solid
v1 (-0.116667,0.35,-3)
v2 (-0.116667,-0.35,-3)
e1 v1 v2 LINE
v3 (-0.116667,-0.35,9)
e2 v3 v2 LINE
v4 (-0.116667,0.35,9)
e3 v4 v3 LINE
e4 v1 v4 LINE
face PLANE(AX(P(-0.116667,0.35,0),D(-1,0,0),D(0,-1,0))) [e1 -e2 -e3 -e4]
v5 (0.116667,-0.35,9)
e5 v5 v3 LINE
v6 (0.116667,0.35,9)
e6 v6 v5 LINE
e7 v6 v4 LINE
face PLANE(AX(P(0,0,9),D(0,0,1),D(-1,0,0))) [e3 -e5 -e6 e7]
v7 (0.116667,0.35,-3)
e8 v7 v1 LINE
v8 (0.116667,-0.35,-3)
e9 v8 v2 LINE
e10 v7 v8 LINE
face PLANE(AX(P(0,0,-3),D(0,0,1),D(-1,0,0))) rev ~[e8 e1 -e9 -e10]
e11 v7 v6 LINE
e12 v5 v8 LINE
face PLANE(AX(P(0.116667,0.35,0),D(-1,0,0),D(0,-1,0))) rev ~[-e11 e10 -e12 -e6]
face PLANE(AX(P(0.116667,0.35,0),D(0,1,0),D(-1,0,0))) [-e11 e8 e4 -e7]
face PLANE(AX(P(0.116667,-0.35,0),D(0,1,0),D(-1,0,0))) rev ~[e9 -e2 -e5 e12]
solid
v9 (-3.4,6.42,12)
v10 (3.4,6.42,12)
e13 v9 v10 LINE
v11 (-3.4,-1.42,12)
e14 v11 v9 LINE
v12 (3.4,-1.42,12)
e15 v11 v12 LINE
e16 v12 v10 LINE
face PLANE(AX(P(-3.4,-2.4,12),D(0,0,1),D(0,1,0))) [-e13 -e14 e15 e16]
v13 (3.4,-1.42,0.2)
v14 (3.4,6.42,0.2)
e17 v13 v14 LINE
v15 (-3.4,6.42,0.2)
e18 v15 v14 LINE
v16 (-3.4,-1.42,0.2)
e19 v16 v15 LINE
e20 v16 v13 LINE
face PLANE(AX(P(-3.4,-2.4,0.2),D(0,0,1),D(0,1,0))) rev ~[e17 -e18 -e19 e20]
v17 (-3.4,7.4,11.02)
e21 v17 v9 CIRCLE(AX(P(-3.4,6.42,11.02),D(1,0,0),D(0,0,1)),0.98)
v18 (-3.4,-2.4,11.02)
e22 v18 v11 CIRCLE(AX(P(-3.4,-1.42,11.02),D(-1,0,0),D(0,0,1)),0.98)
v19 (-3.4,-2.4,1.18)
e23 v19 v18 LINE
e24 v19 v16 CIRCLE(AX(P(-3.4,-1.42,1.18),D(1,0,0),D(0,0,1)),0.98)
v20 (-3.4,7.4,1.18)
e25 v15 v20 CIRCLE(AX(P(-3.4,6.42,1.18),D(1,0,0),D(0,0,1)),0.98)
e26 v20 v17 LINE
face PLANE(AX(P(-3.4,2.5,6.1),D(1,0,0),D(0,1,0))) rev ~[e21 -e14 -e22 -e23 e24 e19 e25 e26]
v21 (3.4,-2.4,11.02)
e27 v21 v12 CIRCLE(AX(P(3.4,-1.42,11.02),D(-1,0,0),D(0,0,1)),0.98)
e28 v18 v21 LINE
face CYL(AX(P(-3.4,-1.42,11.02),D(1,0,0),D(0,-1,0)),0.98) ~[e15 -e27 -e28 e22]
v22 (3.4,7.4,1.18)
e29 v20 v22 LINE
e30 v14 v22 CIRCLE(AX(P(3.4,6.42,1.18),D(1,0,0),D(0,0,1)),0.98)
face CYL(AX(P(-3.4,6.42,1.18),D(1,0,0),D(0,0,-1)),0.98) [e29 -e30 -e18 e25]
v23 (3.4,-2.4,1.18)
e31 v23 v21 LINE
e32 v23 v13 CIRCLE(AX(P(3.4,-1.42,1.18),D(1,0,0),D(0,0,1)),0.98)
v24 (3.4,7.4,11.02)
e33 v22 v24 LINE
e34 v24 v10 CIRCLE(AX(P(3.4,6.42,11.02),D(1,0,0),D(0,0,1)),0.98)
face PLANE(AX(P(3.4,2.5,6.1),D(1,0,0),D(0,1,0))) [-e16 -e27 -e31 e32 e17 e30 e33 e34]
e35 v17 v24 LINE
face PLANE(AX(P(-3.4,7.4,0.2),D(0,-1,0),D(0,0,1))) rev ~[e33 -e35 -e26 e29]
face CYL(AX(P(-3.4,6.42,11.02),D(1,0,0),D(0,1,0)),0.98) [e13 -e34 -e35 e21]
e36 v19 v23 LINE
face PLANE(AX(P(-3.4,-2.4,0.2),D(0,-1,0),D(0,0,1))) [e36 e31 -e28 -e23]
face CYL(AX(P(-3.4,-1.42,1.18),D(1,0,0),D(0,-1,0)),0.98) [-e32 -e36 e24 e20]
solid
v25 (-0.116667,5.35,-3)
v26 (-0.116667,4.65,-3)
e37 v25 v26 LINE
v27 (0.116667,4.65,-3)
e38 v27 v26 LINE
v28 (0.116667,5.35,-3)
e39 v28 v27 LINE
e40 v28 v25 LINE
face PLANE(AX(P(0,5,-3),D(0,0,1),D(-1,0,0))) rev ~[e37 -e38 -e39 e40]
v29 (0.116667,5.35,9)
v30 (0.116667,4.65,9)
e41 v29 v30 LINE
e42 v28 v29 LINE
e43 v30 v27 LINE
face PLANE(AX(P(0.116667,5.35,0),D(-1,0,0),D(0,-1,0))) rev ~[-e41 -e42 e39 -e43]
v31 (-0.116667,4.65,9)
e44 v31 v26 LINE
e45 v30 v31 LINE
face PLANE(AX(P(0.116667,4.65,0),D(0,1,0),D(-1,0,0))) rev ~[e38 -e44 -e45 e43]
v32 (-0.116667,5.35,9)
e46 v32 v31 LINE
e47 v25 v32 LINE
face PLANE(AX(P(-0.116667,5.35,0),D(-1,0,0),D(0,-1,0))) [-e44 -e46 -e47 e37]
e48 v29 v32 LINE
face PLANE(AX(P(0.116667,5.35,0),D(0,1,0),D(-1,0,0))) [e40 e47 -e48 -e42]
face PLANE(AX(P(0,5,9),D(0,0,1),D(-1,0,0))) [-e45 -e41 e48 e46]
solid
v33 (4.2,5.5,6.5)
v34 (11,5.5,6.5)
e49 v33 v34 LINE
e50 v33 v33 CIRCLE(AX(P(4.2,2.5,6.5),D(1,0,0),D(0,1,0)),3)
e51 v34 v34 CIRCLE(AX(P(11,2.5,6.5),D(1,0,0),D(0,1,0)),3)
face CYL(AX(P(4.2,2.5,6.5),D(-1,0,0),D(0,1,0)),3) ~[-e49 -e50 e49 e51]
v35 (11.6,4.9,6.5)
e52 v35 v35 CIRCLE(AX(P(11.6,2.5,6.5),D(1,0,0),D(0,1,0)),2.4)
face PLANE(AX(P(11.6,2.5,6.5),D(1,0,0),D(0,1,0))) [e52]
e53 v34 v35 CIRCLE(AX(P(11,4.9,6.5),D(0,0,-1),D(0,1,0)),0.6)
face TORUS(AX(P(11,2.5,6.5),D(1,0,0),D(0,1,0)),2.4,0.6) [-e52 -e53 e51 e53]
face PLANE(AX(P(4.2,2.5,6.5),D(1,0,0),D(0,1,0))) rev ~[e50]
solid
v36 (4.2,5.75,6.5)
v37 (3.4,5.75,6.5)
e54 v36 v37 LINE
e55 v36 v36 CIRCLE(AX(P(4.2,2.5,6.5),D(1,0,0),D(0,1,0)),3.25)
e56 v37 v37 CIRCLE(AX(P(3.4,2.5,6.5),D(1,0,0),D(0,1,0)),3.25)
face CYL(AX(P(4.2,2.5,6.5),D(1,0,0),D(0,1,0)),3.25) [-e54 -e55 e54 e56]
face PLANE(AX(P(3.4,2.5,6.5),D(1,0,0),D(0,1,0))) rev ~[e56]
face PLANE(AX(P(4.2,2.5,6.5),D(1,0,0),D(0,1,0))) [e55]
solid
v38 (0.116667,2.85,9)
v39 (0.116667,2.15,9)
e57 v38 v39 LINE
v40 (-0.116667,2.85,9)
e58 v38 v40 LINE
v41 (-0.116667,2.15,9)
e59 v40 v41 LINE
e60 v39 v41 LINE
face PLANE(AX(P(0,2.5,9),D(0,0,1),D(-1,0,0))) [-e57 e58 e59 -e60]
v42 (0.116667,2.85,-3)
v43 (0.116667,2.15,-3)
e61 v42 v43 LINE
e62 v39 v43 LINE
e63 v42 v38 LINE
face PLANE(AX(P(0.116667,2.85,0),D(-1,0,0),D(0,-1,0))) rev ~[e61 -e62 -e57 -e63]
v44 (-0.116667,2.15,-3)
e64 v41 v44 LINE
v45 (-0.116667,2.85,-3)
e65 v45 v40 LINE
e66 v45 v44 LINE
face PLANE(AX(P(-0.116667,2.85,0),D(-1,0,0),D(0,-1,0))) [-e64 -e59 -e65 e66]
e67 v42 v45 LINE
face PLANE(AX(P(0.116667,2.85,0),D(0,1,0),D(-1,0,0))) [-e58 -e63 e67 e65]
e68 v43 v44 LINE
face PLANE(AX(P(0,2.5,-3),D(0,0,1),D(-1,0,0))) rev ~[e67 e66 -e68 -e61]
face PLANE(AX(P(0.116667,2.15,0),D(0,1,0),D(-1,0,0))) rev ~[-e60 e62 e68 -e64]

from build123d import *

# Parameters (mm, degrees)
SKETCH001_R       = 3.25
PAD001_DEPTH      = 0.8
SKETCH003_W       = 0.233334
SKETCH003_H       = 0.7
PAD002_DEPTH      = 9
PAD002_DEPTH_BACK = 3
SKETCH004_R       = 3
PAD003_DEPTH      = 7.4
FILLET_R          = 0.6
SKETCH_W          = 9.8
SKETCH_H          = 11.8
PAD_DEPTH         = 6.8
FILLET001_R       = 0.98


with BuildPart() as pad001:
    # Sketch001 → Pad001 (new body)
    with BuildSketch(Plane.YZ.offset(4.2)):
        with Locations((2.5, 6.5)):
            Circle(SKETCH001_R)
    extrude(amount=-PAD001_DEPTH)


with BuildPart() as pad002:
    # Sketch003 → Pad002 (new body, two sides)
    with BuildSketch(Plane(origin=(0, 0, 0), x_dir=(-1, 0, 0), z_dir=(0, 0, 1))) as pad002_sk:
        Rectangle(SKETCH003_W, SKETCH003_H)
        with Locations((0, -2.5)):
            Rectangle(SKETCH003_W, SKETCH003_H)
        with Locations((0, -5)):
            Rectangle(SKETCH003_W, SKETCH003_H)
    extrude(amount=PAD002_DEPTH)
    extrude(pad002_sk.sketch, amount=-PAD002_DEPTH_BACK)


with BuildPart() as fillet_body:
    # Sketch004 → Pad003 (new body)
    with BuildSketch(Plane.YZ.offset(4.2)):
        with Locations((2.5, 6.5)):
            Circle(SKETCH004_R)
    extrude(amount=PAD003_DEPTH)

    # Fillet
    fillet_edges = [fillet_body.edges().sort_by_distance(p)[0] for p in [
        (11.6, -0.5, 6.5),
    ]]
    fillet(fillet_edges, radius=FILLET_R)


with BuildPart() as fillet001:
    # Sketch → Pad (new body)
    with BuildSketch(Plane.YZ.offset(-3.4)):
        with Locations((2.5, 6.1)):
            Rectangle(SKETCH_W, SKETCH_H)
    extrude(amount=PAD_DEPTH)

    # Fillet001
    fillet001_edges = [fillet001.edges().sort_by_distance(p)[0] for p in [
        (0, -2.4, 12),
        (0, 7.4, 12),
        (0, -2.4, 0.2),
        (0, 7.4, 0.2),
    ]]
    fillet(fillet001_edges, radius=FILLET001_R)


solid = Compound([pad001.part, pad002.part, fillet_body.part, fillet001.part])
